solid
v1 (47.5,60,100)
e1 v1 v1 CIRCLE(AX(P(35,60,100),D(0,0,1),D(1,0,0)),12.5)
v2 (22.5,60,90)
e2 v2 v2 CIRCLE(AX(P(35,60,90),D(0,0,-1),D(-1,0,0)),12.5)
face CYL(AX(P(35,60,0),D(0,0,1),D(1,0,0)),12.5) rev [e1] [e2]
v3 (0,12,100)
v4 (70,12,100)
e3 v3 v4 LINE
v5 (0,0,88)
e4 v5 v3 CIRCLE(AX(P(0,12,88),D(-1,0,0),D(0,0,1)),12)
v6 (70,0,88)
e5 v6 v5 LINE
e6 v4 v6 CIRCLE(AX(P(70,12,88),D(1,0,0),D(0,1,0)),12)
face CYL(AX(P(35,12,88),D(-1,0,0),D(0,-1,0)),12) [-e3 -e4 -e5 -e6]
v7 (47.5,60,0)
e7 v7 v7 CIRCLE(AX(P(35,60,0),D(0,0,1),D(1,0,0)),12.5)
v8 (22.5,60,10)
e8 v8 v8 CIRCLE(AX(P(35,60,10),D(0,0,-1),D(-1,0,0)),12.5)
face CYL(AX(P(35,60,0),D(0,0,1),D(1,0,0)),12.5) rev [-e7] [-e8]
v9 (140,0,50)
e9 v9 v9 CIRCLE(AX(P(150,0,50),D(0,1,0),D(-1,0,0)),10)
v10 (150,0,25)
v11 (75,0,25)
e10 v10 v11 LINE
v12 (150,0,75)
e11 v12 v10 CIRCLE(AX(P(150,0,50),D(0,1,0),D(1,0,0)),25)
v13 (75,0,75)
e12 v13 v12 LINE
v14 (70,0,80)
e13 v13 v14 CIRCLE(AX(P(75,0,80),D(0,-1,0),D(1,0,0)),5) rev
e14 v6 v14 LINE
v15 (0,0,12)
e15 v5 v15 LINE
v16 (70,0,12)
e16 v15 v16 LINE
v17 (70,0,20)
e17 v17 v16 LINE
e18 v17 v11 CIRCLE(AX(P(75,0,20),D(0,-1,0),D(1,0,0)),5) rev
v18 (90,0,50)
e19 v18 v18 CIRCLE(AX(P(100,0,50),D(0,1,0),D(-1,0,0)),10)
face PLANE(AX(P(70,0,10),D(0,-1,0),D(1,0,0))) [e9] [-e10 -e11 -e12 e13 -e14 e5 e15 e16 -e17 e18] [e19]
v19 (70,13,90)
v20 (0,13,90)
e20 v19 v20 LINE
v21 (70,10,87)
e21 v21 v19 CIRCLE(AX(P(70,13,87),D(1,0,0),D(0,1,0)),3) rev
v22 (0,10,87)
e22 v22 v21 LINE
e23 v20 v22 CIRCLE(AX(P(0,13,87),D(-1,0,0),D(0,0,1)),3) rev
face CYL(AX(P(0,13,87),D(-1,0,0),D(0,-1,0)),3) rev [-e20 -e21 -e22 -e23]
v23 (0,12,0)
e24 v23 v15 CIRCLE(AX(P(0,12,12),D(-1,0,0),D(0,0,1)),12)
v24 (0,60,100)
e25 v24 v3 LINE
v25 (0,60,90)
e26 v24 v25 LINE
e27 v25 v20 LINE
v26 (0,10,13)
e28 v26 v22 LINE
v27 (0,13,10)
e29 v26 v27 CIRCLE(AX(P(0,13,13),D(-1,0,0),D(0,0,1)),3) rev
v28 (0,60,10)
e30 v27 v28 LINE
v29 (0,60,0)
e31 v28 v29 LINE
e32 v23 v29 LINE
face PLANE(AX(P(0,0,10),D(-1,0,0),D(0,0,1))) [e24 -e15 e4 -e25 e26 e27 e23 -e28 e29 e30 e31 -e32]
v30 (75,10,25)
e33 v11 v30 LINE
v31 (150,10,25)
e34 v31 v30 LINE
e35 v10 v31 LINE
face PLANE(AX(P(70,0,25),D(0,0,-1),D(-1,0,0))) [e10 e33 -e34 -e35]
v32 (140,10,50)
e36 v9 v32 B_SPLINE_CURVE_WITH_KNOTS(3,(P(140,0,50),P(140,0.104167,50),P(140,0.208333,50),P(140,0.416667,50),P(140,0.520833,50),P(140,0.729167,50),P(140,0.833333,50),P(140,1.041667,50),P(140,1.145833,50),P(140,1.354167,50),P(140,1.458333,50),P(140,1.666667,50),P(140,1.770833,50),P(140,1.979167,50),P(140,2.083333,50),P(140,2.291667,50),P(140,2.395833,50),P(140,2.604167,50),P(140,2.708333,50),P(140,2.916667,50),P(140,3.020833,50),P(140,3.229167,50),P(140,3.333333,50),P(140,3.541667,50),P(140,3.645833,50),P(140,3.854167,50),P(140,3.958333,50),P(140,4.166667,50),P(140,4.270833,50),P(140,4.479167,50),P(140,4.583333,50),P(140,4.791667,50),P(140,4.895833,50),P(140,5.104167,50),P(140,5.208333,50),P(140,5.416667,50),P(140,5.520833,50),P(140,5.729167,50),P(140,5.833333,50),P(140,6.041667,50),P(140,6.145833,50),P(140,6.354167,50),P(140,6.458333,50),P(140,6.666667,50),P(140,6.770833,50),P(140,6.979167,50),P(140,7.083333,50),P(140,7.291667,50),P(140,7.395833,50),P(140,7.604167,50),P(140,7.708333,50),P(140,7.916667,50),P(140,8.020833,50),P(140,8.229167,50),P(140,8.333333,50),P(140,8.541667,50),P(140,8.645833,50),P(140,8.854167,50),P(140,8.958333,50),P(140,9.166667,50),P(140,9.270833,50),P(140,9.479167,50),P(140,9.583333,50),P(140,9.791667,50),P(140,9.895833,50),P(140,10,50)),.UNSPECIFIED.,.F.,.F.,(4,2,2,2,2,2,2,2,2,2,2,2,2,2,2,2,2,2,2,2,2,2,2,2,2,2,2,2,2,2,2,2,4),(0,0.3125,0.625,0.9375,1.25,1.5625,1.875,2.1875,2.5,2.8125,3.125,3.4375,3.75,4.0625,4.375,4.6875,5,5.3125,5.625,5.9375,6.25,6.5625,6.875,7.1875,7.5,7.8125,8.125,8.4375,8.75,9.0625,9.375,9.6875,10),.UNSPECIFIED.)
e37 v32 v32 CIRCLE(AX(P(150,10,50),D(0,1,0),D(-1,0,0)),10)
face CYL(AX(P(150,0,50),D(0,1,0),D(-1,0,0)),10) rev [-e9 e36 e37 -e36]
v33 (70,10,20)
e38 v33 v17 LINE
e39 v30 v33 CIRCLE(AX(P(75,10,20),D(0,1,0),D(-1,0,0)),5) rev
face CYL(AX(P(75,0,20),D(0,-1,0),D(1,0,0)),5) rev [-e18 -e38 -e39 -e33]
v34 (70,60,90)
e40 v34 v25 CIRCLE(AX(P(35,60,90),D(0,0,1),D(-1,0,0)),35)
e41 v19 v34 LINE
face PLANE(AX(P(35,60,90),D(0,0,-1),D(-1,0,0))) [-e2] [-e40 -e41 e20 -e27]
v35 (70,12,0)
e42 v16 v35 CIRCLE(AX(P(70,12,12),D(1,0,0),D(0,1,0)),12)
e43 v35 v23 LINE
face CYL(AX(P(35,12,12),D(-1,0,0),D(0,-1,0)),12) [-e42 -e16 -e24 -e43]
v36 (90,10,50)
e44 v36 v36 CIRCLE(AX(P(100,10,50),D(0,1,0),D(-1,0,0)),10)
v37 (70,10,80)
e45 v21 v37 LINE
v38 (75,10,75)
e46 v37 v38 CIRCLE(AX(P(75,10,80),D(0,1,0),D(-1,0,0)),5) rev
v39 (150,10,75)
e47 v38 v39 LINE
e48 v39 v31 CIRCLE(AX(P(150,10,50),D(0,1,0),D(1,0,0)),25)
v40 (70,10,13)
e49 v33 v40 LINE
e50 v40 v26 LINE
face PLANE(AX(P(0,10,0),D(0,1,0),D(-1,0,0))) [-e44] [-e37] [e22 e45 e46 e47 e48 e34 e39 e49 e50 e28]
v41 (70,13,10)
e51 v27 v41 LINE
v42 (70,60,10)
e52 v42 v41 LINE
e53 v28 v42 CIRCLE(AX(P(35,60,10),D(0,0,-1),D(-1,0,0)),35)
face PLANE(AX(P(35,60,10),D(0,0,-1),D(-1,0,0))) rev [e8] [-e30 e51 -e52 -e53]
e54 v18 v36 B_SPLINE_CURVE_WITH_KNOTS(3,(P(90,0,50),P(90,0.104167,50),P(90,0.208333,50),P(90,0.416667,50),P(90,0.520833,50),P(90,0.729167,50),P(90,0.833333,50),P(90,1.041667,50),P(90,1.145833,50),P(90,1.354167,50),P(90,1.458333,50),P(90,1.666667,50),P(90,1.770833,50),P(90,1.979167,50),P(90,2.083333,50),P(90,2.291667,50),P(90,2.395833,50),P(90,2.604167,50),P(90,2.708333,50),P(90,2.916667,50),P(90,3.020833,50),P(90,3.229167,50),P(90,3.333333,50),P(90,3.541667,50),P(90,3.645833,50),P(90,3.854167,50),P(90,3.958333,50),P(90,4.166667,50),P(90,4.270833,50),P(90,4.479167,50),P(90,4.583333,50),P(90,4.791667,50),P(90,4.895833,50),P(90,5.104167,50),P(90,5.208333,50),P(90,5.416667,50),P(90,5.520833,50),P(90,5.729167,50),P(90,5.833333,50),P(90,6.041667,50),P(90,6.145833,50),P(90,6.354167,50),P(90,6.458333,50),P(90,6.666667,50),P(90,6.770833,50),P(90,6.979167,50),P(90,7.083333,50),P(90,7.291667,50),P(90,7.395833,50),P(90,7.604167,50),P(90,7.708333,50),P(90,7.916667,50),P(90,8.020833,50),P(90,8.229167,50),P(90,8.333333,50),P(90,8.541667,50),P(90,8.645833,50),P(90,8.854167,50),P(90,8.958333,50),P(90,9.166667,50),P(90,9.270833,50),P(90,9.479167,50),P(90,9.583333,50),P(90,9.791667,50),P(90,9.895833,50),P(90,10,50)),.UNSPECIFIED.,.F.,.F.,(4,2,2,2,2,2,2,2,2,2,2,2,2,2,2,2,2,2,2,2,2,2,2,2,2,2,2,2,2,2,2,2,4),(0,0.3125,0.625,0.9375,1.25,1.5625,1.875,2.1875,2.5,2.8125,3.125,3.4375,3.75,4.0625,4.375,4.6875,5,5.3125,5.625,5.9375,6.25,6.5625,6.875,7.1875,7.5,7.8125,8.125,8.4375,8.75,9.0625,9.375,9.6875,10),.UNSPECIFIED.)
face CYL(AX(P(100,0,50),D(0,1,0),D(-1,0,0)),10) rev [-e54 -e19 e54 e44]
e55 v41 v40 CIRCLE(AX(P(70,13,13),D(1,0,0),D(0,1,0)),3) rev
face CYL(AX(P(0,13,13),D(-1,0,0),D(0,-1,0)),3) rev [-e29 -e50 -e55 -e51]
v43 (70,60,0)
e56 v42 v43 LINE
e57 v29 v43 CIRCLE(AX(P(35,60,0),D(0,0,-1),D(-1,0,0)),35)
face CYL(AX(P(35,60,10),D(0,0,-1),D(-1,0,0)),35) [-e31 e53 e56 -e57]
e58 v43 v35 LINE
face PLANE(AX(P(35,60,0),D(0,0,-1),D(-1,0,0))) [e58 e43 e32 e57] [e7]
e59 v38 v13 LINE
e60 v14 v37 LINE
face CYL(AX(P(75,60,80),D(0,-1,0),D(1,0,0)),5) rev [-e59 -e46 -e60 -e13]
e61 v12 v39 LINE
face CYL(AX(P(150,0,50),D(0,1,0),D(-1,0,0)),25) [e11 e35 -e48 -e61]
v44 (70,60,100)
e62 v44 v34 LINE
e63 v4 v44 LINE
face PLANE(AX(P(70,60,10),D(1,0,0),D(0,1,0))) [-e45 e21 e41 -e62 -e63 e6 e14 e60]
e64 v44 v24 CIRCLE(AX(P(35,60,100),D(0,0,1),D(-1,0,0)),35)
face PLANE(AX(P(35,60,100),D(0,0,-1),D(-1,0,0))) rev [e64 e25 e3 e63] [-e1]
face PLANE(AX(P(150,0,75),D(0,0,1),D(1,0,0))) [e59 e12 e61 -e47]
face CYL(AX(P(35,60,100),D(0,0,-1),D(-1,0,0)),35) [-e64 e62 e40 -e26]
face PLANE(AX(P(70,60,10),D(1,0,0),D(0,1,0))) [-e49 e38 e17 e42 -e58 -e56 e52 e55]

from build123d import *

# Parameters (mm, degrees)
BOSS_EXTRU_1_DEPTH      = 10
ESQUISSE4_W             = 70
ESQUISSE4_H             = 80
BOSS_EXTRU_2_DEPTH      = 10
BOSS_EXTRU_3_DEPTH      = 10
ESQUISSE7_R             = 12.5
ENL_V_MAT_EXTRU_2_DEPTH = 155.677082983
BOSS_EXTRU_4_DEPTH      = 10
ESQUISSE10_R            = 10
ENL_V_MAT_EXTRU_3_DEPTH = 219.746428542
CONG_1_R                = 5
CONG_5_R                = 12
CONG_6_R                = 12
CONG_7_R                = 3
CONG_8_R                = 3


with BuildPart() as part:
    # Esquisse1 → Boss.-Extru.1 (new body)
    with BuildSketch(Plane.XY):
        with BuildLine():
            Line((0, 0), (0, 60))
            ThreePointArc((0, 60), (35, 95), (70, 60))
            Line((70, 60), (70, 0))
            Line((70, 0), (0, 0))
        make_face()
    extrude(amount=BOSS_EXTRU_1_DEPTH)

    # Esquisse4 → Boss.-Extru.2 (add)
    with BuildSketch(Plane(origin=(0, 0, 0), x_dir=(-1, 0, 0), z_dir=(0, -1, 0))):
        with Locations((-35, -50)):
            Rectangle(ESQUISSE4_W, ESQUISSE4_H)
    extrude(amount=-BOSS_EXTRU_2_DEPTH)

    # Esquisse6 → Boss.-Extru.3 (add)
    with BuildSketch(Plane.XY.offset(90)):
        with BuildLine():
            Line((0, 0), (0, 60))
            ThreePointArc((0, 60), (35, 95), (70, 60))
            Line((70, 60), (70, 0))
            Line((70, 0), (0, 0))
        make_face()
    extrude(amount=BOSS_EXTRU_3_DEPTH)

    # Esquisse7 → Enlèv. mat.-Extru.2 (cut, through all)
    with BuildSketch(Plane.XY.offset(100)):
        with Locations((35, 60)):
            Circle(ESQUISSE7_R)
    extrude(amount=-ENL_V_MAT_EXTRU_2_DEPTH, mode=Mode.SUBTRACT)

    # Esquisse9 → Boss.-Extru.4 (add)
    with BuildSketch(Plane(origin=(0, 10, 0), x_dir=(1, 0, 0), z_dir=(0, 1, 0))):
        with BuildLine():
            Line((70, -25), (150, -25))
            ThreePointArc((150, -25), (175, -50), (150, -75))
            Line((150, -75), (70, -75))
            Line((70, -75), (70, -25))
        make_face()
    extrude(amount=-BOSS_EXTRU_4_DEPTH)

    # Esquisse10 → Enlèv. mat.-Extru.3 (cut, through all)
    with BuildSketch(Plane(origin=(0, 10, 0), x_dir=(1, 0, 0), z_dir=(0, 1, 0))):
        with Locations(Location((150, -50, 0), (0, 0, 180))):
            Circle(ESQUISSE10_R)
        with Locations(Location((100, -50, 0), (0, 0, 180))):
            Circle(ESQUISSE10_R)
    extrude(amount=-ENL_V_MAT_EXTRU_3_DEPTH, mode=Mode.SUBTRACT)

    # Congé1
    cong_1_edges = [part.edges().sort_by_distance(p)[0] for p in [
        (70, 5, 75),
        (70, 5, 25),
    ]]
    fillet(cong_1_edges, radius=CONG_1_R)

    # Congé5
    cong_5_edges = [part.edges().sort_by_distance(p)[0] for p in [
        (35, 0, 100),
    ]]
    fillet(cong_5_edges, radius=CONG_5_R)

    # Congé6
    cong_6_edges = [part.edges().sort_by_distance(p)[0] for p in [
        (35, 0, 0),
    ]]
    fillet(cong_6_edges, radius=CONG_6_R)

    # Congé7
    cong_7_edges = [part.edges().sort_by_distance(p)[0] for p in [
        (35, 10, 10),
    ]]
    fillet(cong_7_edges, radius=CONG_7_R)

    # Congé8
    cong_8_edges = [part.edges().sort_by_distance(p)[0] for p in [
        (35, 10, 90),
    ]]
    fillet(cong_8_edges, radius=CONG_8_R)


solid = part.part
